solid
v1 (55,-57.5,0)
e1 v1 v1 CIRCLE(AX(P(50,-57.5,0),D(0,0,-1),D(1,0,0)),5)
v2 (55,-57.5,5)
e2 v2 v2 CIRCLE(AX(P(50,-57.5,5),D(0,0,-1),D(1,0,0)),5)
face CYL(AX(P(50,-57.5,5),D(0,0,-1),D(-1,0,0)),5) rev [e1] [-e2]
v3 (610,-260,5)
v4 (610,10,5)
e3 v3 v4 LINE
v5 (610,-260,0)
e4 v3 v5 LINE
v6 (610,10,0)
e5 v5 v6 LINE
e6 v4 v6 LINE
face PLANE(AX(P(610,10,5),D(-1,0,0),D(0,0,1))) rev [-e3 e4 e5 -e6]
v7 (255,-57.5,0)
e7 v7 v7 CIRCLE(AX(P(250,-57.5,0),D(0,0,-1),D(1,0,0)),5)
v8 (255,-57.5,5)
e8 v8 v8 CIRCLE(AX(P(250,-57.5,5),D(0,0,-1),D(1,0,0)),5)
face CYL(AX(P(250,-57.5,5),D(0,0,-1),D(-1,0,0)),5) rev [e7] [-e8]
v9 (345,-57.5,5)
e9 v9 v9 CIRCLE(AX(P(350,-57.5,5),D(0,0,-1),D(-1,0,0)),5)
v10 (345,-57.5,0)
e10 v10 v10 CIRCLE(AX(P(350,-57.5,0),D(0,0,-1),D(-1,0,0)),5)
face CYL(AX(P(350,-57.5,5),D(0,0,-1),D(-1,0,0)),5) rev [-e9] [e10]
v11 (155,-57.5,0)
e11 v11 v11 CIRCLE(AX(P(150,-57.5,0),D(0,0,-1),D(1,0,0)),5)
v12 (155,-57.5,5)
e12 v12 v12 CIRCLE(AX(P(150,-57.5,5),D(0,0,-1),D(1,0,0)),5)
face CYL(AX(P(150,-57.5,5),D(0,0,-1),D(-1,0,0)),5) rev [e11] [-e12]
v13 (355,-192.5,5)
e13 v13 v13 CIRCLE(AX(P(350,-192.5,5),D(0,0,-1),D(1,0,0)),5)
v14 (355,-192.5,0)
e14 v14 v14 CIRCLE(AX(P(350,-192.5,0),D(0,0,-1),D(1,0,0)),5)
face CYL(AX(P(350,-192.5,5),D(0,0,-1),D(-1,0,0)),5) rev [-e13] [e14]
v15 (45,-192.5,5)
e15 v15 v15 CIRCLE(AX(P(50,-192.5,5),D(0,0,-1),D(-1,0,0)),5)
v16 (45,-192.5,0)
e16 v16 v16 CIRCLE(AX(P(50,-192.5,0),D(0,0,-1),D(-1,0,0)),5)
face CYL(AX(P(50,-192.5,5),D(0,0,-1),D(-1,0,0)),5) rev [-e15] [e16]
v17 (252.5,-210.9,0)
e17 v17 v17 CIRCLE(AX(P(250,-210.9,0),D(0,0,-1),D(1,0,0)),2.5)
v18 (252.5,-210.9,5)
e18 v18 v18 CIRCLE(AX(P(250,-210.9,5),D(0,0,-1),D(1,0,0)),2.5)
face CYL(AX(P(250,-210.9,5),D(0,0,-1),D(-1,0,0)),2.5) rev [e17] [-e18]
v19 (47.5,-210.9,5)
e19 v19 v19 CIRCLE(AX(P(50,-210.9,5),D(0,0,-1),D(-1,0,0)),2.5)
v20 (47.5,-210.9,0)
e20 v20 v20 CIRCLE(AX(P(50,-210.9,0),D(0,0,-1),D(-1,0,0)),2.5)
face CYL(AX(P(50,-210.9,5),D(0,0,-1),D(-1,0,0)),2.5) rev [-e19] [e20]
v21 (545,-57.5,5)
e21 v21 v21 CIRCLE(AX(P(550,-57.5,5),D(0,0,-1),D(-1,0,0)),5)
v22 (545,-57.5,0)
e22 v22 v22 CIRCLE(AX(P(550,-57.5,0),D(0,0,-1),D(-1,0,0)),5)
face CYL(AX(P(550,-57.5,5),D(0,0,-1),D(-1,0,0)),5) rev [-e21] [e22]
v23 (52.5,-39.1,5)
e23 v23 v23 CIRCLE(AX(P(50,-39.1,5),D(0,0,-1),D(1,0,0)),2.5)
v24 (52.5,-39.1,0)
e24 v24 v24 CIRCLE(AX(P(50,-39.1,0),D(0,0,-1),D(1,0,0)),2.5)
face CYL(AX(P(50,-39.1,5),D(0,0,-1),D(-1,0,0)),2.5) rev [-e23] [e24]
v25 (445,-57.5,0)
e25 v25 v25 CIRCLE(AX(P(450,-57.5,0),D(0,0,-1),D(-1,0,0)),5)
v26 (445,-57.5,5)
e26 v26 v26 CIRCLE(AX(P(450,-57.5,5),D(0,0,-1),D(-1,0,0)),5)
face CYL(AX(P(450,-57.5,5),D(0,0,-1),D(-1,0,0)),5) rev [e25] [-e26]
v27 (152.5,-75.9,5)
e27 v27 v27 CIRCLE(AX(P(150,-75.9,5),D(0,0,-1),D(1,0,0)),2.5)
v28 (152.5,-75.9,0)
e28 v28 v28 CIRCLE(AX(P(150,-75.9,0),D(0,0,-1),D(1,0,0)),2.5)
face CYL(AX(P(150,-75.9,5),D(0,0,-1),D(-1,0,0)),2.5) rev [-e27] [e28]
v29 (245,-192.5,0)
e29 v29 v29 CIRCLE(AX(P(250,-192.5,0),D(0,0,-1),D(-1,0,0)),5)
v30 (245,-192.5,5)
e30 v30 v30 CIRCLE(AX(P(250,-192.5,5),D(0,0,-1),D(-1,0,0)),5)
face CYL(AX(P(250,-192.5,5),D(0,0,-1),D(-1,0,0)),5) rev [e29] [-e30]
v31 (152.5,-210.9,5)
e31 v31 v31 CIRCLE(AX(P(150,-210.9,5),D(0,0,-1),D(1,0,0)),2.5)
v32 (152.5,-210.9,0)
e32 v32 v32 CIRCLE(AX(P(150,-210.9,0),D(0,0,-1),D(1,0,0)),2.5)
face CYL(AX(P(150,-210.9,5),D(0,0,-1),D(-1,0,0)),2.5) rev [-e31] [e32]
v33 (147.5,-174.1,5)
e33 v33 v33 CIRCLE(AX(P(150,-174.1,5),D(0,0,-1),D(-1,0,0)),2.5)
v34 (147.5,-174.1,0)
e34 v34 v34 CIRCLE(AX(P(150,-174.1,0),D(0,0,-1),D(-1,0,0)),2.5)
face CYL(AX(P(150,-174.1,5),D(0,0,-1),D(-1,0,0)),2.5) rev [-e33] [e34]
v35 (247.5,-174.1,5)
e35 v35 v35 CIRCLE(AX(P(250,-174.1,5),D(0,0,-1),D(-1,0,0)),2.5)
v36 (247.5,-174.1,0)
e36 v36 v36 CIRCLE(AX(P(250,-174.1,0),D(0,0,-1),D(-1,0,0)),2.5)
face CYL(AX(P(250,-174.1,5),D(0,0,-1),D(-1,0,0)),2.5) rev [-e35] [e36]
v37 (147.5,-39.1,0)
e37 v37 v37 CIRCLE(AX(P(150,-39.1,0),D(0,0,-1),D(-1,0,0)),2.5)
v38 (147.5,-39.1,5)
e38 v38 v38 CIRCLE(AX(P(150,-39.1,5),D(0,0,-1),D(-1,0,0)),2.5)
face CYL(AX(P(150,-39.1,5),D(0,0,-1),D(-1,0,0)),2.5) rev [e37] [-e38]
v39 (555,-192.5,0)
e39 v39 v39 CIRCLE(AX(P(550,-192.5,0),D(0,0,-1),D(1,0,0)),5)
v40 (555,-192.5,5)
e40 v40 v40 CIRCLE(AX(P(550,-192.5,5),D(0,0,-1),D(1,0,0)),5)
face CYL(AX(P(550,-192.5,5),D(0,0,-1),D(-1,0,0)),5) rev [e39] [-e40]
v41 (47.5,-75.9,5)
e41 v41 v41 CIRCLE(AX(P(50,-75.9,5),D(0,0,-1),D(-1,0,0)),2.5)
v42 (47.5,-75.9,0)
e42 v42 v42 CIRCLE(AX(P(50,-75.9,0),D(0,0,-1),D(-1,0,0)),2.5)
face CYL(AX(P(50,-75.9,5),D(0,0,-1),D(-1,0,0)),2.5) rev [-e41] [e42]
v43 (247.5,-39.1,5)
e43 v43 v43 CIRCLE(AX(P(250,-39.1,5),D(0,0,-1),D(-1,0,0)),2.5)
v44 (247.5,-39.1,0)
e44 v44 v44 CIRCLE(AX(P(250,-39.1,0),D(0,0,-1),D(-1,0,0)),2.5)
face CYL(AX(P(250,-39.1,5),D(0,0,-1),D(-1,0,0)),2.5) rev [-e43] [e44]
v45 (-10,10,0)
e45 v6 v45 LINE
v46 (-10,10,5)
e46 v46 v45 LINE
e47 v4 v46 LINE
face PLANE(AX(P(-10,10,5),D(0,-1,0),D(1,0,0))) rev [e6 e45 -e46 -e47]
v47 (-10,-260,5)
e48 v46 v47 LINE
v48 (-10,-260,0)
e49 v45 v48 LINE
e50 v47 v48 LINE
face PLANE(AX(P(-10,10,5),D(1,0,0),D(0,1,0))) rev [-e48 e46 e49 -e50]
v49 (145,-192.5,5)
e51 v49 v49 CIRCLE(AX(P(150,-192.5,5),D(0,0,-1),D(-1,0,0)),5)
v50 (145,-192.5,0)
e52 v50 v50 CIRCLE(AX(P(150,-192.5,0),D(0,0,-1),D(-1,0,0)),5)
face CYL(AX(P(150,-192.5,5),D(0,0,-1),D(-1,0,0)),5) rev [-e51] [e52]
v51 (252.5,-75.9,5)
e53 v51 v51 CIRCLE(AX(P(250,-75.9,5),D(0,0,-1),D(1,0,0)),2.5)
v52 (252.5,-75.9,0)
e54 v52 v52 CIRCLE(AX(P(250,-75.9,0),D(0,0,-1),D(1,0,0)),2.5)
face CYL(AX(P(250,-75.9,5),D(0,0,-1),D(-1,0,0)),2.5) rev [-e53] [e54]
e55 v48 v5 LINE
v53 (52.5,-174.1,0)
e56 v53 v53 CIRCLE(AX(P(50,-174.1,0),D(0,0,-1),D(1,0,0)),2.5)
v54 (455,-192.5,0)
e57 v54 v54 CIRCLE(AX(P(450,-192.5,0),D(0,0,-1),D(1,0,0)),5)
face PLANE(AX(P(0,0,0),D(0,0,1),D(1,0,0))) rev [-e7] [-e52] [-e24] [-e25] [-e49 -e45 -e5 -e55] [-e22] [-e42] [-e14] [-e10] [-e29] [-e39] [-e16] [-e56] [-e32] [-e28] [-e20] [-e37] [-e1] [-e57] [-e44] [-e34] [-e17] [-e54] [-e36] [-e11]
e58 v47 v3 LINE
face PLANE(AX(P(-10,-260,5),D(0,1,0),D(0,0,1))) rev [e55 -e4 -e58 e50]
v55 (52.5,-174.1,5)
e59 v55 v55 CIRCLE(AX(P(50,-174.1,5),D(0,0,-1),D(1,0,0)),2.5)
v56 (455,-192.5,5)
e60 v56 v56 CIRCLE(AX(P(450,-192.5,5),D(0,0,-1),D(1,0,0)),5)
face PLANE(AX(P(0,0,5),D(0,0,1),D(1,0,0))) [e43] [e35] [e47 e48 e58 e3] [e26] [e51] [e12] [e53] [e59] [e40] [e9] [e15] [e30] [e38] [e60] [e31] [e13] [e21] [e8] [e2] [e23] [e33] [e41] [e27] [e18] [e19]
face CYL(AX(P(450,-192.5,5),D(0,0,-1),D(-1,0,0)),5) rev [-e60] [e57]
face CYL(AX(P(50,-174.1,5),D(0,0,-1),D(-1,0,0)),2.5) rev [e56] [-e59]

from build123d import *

# Parameters (mm, degrees)
SKETCH_1_W          = 620
SKETCH_1_H          = 270
EXTRUDE_1_DEPTH     = 5
SKETCH_2_R          = 5
SKETCH_2_R_2        = 2.5
CUT_EXTRUDE_1_DEPTH = 664.117636623


with BuildPart() as part:
    # 草图1 → 凸台-拉伸1 (new body)
    with BuildSketch(Plane.XY):
        with Locations((300, -125)):
            Rectangle(SKETCH_1_W, SKETCH_1_H)
    extrude(amount=EXTRUDE_1_DEPTH)

    # 草图2 → 切除-拉伸1 (cut, through all)
    with BuildSketch(Plane(origin=(0, 0, 0), x_dir=(-1, 0, 0), z_dir=(0, 0, -1))):
        with Locations((-50, -192.5)):
            Circle(SKETCH_2_R)
        with Locations((-150, -192.5)):
            Circle(SKETCH_2_R)
        with Locations((-250, -192.5)):
            Circle(SKETCH_2_R)
        with Locations(Location((-350, -192.5, 0), (0, 0, 180))):
            Circle(SKETCH_2_R)
        with Locations(Location((-450, -192.5, 0), (0, 0, 180))):
            Circle(SKETCH_2_R)
        with Locations(Location((-550, -192.5, 0), (0, 0, 180))):
            Circle(SKETCH_2_R)
        with Locations((-550, -57.5)):
            Circle(SKETCH_2_R)
        with Locations((-450, -57.5)):
            Circle(SKETCH_2_R)
        with Locations((-350, -57.5)):
            Circle(SKETCH_2_R)
        with Locations(Location((-250, -57.5, 0), (0, 0, 180))):
            Circle(SKETCH_2_R)
        with Locations(Location((-150, -57.5, 0), (0, 0, 180))):
            Circle(SKETCH_2_R)
        with Locations(Location((-50, -57.5, 0), (0, 0, 180))):
            Circle(SKETCH_2_R)
        with Locations((-50, -75.9)):
            Circle(SKETCH_2_R_2)
        with Locations(Location((-50, -39.1, 0), (0, 0, 180))):
            Circle(SKETCH_2_R_2)
        with Locations((-50, -210.9)):
            Circle(SKETCH_2_R_2)
        with Locations(Location((-50, -174.1, 0), (0, 0, 180))):
            Circle(SKETCH_2_R_2)
        with Locations(Location((-250, -210.9, 0), (0, 0, 180))):
            Circle(SKETCH_2_R_2)
        with Locations((-250, -174.1)):
            Circle(SKETCH_2_R_2)
        with Locations(Location((-250, -75.9, 0), (0, 0, 180))):
            Circle(SKETCH_2_R_2)
        with Locations((-250, -39.1)):
            Circle(SKETCH_2_R_2)
        with Locations(Location((-150, -75.9, 0), (0, 0, 180))):
            Circle(SKETCH_2_R_2)
        with Locations((-150, -39.1)):
            Circle(SKETCH_2_R_2)
        with Locations(Location((-150, -210.9, 0), (0, 0, 180))):
            Circle(SKETCH_2_R_2)
        with Locations((-150, -174.1)):
            Circle(SKETCH_2_R_2)
    extrude(amount=-CUT_EXTRUDE_1_DEPTH, mode=Mode.SUBTRACT)


solid = part.part
